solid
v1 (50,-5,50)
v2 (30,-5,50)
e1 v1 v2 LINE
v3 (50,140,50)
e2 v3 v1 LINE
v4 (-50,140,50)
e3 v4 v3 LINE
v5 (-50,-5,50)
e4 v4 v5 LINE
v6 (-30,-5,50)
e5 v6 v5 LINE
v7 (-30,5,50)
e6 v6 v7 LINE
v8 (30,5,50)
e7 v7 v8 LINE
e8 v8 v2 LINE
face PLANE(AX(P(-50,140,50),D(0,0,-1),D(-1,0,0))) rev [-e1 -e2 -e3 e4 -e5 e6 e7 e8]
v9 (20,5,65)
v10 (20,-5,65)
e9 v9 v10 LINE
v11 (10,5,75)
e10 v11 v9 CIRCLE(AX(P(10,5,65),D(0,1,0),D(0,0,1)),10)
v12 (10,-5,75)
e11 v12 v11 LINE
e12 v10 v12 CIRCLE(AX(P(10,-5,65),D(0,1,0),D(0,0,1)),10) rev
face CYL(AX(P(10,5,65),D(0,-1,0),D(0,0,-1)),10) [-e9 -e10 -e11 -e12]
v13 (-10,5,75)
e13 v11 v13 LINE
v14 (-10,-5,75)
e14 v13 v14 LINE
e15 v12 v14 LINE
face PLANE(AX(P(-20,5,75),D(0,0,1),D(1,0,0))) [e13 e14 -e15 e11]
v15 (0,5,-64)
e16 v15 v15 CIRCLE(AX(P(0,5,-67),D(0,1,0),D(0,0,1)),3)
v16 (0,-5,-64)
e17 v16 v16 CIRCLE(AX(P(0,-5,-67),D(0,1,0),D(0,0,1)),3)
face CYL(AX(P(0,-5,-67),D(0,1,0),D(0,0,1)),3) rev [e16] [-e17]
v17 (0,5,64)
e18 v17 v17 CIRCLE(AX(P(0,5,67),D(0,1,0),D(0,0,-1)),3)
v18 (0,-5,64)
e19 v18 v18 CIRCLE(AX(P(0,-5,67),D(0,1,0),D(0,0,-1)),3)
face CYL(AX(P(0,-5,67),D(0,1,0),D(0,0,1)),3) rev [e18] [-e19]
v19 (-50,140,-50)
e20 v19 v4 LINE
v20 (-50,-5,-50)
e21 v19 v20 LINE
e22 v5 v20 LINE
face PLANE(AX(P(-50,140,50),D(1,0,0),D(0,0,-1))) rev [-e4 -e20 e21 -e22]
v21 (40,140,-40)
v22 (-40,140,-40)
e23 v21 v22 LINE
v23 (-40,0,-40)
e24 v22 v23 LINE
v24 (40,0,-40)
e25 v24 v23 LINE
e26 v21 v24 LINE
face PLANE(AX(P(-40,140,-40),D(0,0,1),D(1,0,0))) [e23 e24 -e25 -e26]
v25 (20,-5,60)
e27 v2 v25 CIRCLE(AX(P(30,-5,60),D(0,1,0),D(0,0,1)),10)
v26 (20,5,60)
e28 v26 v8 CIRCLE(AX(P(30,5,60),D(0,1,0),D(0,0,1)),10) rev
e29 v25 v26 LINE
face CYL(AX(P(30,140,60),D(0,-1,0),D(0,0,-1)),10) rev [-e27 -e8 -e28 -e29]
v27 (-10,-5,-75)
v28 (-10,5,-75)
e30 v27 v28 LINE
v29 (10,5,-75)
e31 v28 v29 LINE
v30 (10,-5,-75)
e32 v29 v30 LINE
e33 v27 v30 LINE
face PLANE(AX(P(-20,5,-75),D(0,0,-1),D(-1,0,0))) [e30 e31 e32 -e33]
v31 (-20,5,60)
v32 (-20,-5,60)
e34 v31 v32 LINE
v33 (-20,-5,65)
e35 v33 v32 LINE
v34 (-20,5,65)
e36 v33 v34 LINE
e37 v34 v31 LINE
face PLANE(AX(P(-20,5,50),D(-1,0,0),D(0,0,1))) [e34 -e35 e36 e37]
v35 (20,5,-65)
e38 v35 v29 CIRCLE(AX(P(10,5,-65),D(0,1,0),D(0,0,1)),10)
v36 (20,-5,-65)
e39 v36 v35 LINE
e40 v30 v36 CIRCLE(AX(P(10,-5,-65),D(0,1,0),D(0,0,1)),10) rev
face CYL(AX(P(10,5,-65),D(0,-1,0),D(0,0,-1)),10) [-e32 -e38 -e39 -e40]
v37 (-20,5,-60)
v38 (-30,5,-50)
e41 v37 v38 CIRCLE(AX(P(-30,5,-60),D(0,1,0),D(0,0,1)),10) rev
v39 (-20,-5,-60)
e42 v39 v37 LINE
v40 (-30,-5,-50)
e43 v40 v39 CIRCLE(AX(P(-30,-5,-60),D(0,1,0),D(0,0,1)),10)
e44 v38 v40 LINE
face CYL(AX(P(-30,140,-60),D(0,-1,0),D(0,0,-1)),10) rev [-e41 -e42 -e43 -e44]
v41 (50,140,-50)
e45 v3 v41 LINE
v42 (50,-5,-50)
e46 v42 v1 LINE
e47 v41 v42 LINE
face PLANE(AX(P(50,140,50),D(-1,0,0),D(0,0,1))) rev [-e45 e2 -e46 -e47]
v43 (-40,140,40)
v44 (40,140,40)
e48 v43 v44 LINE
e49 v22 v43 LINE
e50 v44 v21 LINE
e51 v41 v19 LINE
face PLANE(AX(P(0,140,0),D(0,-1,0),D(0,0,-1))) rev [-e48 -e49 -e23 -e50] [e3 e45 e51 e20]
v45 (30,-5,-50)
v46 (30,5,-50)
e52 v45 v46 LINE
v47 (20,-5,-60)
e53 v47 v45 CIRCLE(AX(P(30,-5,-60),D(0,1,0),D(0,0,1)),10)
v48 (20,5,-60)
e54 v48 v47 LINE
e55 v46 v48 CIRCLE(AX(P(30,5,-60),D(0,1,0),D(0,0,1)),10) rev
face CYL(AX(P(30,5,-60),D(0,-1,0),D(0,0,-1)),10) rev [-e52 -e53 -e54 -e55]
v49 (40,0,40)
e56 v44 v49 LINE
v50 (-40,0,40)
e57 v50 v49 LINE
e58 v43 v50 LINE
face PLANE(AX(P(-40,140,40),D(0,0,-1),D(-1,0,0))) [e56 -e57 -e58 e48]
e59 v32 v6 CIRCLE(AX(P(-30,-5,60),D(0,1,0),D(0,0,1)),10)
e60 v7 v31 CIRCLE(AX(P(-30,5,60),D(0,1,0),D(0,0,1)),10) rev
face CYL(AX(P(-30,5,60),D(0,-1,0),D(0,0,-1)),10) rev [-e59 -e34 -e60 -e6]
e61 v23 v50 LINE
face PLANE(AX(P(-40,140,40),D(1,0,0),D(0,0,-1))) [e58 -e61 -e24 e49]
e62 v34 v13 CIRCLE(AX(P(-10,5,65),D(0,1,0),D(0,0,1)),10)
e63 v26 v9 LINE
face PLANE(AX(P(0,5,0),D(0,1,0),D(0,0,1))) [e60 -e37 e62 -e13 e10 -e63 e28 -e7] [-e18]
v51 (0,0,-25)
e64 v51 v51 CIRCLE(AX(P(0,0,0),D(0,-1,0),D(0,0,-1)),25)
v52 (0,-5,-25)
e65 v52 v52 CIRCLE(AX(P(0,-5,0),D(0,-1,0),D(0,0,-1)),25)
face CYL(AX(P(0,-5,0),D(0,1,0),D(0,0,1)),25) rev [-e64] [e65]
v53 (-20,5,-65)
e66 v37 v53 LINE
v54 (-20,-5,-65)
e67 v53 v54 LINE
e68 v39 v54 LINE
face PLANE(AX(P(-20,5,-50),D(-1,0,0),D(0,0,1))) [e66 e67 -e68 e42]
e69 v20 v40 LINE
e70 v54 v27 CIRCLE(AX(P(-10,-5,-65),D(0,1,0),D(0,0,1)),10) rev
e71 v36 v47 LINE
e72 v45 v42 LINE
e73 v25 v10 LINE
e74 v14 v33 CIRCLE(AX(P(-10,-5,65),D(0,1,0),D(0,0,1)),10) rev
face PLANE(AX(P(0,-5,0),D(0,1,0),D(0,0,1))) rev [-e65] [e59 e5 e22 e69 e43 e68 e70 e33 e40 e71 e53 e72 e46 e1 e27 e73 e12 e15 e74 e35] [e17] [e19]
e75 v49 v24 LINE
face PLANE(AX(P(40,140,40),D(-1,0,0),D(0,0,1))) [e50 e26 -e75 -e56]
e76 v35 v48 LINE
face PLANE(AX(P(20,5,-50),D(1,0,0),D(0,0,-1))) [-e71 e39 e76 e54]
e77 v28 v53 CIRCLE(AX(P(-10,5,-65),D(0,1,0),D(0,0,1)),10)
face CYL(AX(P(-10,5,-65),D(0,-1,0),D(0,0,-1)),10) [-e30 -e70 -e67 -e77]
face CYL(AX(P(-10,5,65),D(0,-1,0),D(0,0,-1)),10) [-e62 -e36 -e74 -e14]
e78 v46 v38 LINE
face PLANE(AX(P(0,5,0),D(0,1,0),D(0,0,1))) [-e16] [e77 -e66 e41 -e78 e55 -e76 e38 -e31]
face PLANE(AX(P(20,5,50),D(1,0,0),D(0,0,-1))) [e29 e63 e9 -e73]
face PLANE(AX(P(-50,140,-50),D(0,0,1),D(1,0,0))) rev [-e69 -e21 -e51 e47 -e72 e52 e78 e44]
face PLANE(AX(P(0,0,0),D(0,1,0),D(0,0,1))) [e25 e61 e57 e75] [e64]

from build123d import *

# Parameters (mm, degrees)
SKETCH1_W           = 100
SKETCH1_H           = 100
SKETCH1_W_2         = 80
SKETCH1_H_2         = 80
BOSS_EXTRUDE1_DEPTH = 140
SKETCH2_W           = 100
SKETCH2_H           = 100
SKETCH2_R           = 25
BOSS_EXTRUDE2_DEPTH = 5
SKETCH3_W           = 40
SKETCH3_H           = 25
BOSS_EXTRUDE3_DEPTH = 10
SKETCH4_R           = 3
CUT_EXTRUDE1_DEPTH  = 10
FILLET1_R           = 10


with BuildPart() as part:
    # Sketch1 → Boss-Extrude1 (new body)
    with BuildSketch(Plane(origin=(0, 0, 0), x_dir=(1, 0, 0), z_dir=(0, 1, 0))):
        Rectangle(SKETCH1_W, SKETCH1_H)
        Rectangle(SKETCH1_W_2, SKETCH1_H_2, mode=Mode.SUBTRACT)
    extrude(amount=BOSS_EXTRUDE1_DEPTH)

    # Sketch2 → Boss-Extrude2 (add)
    with BuildSketch(Plane.XZ):
        Rectangle(SKETCH2_W, SKETCH2_H)
        with Locations(Location((0, 0, 0), (0, 0, 270))):
            Circle(SKETCH2_R, mode=Mode.SUBTRACT)
    extrude(amount=BOSS_EXTRUDE2_DEPTH)

    # Sketch3 → Boss-Extrude3 (add)
    with BuildSketch(Plane.XZ.offset(5)):
        with Locations((0, 62.5)):
            Rectangle(SKETCH3_W, SKETCH3_H)
        with Locations((0, -62.5)):
            Rectangle(SKETCH3_W, SKETCH3_H)
    extrude(amount=-BOSS_EXTRUDE3_DEPTH)

    # Sketch4 → Cut-Extrude1 (cut)
    with BuildSketch(Plane(origin=(0, 5, 0), x_dir=(1, 0, 0), z_dir=(0, 1, 0))):
        with Locations(Location((0, 67, 0), (0, 0, 270))):
            Circle(SKETCH4_R)
        with Locations(Location((0, -67, 0), (0, 0, 90))):
            Circle(SKETCH4_R)
    extrude(amount=-CUT_EXTRUDE1_DEPTH, mode=Mode.SUBTRACT)

    # Fillet1
    fillet1_edges = [part.edges().sort_by_distance(p)[0] for p in [
        (-20, 0, 50),
        (-20, 0, 75),
        (20, 0, 75),
        (20, 0, 50),
        (-20, 0, -50),
        (20, 0, -50),
        (20, 0, -75),
        (-20, 0, -75),
    ]]
    fillet(fillet1_edges, radius=FILLET1_R)


solid = part.part
